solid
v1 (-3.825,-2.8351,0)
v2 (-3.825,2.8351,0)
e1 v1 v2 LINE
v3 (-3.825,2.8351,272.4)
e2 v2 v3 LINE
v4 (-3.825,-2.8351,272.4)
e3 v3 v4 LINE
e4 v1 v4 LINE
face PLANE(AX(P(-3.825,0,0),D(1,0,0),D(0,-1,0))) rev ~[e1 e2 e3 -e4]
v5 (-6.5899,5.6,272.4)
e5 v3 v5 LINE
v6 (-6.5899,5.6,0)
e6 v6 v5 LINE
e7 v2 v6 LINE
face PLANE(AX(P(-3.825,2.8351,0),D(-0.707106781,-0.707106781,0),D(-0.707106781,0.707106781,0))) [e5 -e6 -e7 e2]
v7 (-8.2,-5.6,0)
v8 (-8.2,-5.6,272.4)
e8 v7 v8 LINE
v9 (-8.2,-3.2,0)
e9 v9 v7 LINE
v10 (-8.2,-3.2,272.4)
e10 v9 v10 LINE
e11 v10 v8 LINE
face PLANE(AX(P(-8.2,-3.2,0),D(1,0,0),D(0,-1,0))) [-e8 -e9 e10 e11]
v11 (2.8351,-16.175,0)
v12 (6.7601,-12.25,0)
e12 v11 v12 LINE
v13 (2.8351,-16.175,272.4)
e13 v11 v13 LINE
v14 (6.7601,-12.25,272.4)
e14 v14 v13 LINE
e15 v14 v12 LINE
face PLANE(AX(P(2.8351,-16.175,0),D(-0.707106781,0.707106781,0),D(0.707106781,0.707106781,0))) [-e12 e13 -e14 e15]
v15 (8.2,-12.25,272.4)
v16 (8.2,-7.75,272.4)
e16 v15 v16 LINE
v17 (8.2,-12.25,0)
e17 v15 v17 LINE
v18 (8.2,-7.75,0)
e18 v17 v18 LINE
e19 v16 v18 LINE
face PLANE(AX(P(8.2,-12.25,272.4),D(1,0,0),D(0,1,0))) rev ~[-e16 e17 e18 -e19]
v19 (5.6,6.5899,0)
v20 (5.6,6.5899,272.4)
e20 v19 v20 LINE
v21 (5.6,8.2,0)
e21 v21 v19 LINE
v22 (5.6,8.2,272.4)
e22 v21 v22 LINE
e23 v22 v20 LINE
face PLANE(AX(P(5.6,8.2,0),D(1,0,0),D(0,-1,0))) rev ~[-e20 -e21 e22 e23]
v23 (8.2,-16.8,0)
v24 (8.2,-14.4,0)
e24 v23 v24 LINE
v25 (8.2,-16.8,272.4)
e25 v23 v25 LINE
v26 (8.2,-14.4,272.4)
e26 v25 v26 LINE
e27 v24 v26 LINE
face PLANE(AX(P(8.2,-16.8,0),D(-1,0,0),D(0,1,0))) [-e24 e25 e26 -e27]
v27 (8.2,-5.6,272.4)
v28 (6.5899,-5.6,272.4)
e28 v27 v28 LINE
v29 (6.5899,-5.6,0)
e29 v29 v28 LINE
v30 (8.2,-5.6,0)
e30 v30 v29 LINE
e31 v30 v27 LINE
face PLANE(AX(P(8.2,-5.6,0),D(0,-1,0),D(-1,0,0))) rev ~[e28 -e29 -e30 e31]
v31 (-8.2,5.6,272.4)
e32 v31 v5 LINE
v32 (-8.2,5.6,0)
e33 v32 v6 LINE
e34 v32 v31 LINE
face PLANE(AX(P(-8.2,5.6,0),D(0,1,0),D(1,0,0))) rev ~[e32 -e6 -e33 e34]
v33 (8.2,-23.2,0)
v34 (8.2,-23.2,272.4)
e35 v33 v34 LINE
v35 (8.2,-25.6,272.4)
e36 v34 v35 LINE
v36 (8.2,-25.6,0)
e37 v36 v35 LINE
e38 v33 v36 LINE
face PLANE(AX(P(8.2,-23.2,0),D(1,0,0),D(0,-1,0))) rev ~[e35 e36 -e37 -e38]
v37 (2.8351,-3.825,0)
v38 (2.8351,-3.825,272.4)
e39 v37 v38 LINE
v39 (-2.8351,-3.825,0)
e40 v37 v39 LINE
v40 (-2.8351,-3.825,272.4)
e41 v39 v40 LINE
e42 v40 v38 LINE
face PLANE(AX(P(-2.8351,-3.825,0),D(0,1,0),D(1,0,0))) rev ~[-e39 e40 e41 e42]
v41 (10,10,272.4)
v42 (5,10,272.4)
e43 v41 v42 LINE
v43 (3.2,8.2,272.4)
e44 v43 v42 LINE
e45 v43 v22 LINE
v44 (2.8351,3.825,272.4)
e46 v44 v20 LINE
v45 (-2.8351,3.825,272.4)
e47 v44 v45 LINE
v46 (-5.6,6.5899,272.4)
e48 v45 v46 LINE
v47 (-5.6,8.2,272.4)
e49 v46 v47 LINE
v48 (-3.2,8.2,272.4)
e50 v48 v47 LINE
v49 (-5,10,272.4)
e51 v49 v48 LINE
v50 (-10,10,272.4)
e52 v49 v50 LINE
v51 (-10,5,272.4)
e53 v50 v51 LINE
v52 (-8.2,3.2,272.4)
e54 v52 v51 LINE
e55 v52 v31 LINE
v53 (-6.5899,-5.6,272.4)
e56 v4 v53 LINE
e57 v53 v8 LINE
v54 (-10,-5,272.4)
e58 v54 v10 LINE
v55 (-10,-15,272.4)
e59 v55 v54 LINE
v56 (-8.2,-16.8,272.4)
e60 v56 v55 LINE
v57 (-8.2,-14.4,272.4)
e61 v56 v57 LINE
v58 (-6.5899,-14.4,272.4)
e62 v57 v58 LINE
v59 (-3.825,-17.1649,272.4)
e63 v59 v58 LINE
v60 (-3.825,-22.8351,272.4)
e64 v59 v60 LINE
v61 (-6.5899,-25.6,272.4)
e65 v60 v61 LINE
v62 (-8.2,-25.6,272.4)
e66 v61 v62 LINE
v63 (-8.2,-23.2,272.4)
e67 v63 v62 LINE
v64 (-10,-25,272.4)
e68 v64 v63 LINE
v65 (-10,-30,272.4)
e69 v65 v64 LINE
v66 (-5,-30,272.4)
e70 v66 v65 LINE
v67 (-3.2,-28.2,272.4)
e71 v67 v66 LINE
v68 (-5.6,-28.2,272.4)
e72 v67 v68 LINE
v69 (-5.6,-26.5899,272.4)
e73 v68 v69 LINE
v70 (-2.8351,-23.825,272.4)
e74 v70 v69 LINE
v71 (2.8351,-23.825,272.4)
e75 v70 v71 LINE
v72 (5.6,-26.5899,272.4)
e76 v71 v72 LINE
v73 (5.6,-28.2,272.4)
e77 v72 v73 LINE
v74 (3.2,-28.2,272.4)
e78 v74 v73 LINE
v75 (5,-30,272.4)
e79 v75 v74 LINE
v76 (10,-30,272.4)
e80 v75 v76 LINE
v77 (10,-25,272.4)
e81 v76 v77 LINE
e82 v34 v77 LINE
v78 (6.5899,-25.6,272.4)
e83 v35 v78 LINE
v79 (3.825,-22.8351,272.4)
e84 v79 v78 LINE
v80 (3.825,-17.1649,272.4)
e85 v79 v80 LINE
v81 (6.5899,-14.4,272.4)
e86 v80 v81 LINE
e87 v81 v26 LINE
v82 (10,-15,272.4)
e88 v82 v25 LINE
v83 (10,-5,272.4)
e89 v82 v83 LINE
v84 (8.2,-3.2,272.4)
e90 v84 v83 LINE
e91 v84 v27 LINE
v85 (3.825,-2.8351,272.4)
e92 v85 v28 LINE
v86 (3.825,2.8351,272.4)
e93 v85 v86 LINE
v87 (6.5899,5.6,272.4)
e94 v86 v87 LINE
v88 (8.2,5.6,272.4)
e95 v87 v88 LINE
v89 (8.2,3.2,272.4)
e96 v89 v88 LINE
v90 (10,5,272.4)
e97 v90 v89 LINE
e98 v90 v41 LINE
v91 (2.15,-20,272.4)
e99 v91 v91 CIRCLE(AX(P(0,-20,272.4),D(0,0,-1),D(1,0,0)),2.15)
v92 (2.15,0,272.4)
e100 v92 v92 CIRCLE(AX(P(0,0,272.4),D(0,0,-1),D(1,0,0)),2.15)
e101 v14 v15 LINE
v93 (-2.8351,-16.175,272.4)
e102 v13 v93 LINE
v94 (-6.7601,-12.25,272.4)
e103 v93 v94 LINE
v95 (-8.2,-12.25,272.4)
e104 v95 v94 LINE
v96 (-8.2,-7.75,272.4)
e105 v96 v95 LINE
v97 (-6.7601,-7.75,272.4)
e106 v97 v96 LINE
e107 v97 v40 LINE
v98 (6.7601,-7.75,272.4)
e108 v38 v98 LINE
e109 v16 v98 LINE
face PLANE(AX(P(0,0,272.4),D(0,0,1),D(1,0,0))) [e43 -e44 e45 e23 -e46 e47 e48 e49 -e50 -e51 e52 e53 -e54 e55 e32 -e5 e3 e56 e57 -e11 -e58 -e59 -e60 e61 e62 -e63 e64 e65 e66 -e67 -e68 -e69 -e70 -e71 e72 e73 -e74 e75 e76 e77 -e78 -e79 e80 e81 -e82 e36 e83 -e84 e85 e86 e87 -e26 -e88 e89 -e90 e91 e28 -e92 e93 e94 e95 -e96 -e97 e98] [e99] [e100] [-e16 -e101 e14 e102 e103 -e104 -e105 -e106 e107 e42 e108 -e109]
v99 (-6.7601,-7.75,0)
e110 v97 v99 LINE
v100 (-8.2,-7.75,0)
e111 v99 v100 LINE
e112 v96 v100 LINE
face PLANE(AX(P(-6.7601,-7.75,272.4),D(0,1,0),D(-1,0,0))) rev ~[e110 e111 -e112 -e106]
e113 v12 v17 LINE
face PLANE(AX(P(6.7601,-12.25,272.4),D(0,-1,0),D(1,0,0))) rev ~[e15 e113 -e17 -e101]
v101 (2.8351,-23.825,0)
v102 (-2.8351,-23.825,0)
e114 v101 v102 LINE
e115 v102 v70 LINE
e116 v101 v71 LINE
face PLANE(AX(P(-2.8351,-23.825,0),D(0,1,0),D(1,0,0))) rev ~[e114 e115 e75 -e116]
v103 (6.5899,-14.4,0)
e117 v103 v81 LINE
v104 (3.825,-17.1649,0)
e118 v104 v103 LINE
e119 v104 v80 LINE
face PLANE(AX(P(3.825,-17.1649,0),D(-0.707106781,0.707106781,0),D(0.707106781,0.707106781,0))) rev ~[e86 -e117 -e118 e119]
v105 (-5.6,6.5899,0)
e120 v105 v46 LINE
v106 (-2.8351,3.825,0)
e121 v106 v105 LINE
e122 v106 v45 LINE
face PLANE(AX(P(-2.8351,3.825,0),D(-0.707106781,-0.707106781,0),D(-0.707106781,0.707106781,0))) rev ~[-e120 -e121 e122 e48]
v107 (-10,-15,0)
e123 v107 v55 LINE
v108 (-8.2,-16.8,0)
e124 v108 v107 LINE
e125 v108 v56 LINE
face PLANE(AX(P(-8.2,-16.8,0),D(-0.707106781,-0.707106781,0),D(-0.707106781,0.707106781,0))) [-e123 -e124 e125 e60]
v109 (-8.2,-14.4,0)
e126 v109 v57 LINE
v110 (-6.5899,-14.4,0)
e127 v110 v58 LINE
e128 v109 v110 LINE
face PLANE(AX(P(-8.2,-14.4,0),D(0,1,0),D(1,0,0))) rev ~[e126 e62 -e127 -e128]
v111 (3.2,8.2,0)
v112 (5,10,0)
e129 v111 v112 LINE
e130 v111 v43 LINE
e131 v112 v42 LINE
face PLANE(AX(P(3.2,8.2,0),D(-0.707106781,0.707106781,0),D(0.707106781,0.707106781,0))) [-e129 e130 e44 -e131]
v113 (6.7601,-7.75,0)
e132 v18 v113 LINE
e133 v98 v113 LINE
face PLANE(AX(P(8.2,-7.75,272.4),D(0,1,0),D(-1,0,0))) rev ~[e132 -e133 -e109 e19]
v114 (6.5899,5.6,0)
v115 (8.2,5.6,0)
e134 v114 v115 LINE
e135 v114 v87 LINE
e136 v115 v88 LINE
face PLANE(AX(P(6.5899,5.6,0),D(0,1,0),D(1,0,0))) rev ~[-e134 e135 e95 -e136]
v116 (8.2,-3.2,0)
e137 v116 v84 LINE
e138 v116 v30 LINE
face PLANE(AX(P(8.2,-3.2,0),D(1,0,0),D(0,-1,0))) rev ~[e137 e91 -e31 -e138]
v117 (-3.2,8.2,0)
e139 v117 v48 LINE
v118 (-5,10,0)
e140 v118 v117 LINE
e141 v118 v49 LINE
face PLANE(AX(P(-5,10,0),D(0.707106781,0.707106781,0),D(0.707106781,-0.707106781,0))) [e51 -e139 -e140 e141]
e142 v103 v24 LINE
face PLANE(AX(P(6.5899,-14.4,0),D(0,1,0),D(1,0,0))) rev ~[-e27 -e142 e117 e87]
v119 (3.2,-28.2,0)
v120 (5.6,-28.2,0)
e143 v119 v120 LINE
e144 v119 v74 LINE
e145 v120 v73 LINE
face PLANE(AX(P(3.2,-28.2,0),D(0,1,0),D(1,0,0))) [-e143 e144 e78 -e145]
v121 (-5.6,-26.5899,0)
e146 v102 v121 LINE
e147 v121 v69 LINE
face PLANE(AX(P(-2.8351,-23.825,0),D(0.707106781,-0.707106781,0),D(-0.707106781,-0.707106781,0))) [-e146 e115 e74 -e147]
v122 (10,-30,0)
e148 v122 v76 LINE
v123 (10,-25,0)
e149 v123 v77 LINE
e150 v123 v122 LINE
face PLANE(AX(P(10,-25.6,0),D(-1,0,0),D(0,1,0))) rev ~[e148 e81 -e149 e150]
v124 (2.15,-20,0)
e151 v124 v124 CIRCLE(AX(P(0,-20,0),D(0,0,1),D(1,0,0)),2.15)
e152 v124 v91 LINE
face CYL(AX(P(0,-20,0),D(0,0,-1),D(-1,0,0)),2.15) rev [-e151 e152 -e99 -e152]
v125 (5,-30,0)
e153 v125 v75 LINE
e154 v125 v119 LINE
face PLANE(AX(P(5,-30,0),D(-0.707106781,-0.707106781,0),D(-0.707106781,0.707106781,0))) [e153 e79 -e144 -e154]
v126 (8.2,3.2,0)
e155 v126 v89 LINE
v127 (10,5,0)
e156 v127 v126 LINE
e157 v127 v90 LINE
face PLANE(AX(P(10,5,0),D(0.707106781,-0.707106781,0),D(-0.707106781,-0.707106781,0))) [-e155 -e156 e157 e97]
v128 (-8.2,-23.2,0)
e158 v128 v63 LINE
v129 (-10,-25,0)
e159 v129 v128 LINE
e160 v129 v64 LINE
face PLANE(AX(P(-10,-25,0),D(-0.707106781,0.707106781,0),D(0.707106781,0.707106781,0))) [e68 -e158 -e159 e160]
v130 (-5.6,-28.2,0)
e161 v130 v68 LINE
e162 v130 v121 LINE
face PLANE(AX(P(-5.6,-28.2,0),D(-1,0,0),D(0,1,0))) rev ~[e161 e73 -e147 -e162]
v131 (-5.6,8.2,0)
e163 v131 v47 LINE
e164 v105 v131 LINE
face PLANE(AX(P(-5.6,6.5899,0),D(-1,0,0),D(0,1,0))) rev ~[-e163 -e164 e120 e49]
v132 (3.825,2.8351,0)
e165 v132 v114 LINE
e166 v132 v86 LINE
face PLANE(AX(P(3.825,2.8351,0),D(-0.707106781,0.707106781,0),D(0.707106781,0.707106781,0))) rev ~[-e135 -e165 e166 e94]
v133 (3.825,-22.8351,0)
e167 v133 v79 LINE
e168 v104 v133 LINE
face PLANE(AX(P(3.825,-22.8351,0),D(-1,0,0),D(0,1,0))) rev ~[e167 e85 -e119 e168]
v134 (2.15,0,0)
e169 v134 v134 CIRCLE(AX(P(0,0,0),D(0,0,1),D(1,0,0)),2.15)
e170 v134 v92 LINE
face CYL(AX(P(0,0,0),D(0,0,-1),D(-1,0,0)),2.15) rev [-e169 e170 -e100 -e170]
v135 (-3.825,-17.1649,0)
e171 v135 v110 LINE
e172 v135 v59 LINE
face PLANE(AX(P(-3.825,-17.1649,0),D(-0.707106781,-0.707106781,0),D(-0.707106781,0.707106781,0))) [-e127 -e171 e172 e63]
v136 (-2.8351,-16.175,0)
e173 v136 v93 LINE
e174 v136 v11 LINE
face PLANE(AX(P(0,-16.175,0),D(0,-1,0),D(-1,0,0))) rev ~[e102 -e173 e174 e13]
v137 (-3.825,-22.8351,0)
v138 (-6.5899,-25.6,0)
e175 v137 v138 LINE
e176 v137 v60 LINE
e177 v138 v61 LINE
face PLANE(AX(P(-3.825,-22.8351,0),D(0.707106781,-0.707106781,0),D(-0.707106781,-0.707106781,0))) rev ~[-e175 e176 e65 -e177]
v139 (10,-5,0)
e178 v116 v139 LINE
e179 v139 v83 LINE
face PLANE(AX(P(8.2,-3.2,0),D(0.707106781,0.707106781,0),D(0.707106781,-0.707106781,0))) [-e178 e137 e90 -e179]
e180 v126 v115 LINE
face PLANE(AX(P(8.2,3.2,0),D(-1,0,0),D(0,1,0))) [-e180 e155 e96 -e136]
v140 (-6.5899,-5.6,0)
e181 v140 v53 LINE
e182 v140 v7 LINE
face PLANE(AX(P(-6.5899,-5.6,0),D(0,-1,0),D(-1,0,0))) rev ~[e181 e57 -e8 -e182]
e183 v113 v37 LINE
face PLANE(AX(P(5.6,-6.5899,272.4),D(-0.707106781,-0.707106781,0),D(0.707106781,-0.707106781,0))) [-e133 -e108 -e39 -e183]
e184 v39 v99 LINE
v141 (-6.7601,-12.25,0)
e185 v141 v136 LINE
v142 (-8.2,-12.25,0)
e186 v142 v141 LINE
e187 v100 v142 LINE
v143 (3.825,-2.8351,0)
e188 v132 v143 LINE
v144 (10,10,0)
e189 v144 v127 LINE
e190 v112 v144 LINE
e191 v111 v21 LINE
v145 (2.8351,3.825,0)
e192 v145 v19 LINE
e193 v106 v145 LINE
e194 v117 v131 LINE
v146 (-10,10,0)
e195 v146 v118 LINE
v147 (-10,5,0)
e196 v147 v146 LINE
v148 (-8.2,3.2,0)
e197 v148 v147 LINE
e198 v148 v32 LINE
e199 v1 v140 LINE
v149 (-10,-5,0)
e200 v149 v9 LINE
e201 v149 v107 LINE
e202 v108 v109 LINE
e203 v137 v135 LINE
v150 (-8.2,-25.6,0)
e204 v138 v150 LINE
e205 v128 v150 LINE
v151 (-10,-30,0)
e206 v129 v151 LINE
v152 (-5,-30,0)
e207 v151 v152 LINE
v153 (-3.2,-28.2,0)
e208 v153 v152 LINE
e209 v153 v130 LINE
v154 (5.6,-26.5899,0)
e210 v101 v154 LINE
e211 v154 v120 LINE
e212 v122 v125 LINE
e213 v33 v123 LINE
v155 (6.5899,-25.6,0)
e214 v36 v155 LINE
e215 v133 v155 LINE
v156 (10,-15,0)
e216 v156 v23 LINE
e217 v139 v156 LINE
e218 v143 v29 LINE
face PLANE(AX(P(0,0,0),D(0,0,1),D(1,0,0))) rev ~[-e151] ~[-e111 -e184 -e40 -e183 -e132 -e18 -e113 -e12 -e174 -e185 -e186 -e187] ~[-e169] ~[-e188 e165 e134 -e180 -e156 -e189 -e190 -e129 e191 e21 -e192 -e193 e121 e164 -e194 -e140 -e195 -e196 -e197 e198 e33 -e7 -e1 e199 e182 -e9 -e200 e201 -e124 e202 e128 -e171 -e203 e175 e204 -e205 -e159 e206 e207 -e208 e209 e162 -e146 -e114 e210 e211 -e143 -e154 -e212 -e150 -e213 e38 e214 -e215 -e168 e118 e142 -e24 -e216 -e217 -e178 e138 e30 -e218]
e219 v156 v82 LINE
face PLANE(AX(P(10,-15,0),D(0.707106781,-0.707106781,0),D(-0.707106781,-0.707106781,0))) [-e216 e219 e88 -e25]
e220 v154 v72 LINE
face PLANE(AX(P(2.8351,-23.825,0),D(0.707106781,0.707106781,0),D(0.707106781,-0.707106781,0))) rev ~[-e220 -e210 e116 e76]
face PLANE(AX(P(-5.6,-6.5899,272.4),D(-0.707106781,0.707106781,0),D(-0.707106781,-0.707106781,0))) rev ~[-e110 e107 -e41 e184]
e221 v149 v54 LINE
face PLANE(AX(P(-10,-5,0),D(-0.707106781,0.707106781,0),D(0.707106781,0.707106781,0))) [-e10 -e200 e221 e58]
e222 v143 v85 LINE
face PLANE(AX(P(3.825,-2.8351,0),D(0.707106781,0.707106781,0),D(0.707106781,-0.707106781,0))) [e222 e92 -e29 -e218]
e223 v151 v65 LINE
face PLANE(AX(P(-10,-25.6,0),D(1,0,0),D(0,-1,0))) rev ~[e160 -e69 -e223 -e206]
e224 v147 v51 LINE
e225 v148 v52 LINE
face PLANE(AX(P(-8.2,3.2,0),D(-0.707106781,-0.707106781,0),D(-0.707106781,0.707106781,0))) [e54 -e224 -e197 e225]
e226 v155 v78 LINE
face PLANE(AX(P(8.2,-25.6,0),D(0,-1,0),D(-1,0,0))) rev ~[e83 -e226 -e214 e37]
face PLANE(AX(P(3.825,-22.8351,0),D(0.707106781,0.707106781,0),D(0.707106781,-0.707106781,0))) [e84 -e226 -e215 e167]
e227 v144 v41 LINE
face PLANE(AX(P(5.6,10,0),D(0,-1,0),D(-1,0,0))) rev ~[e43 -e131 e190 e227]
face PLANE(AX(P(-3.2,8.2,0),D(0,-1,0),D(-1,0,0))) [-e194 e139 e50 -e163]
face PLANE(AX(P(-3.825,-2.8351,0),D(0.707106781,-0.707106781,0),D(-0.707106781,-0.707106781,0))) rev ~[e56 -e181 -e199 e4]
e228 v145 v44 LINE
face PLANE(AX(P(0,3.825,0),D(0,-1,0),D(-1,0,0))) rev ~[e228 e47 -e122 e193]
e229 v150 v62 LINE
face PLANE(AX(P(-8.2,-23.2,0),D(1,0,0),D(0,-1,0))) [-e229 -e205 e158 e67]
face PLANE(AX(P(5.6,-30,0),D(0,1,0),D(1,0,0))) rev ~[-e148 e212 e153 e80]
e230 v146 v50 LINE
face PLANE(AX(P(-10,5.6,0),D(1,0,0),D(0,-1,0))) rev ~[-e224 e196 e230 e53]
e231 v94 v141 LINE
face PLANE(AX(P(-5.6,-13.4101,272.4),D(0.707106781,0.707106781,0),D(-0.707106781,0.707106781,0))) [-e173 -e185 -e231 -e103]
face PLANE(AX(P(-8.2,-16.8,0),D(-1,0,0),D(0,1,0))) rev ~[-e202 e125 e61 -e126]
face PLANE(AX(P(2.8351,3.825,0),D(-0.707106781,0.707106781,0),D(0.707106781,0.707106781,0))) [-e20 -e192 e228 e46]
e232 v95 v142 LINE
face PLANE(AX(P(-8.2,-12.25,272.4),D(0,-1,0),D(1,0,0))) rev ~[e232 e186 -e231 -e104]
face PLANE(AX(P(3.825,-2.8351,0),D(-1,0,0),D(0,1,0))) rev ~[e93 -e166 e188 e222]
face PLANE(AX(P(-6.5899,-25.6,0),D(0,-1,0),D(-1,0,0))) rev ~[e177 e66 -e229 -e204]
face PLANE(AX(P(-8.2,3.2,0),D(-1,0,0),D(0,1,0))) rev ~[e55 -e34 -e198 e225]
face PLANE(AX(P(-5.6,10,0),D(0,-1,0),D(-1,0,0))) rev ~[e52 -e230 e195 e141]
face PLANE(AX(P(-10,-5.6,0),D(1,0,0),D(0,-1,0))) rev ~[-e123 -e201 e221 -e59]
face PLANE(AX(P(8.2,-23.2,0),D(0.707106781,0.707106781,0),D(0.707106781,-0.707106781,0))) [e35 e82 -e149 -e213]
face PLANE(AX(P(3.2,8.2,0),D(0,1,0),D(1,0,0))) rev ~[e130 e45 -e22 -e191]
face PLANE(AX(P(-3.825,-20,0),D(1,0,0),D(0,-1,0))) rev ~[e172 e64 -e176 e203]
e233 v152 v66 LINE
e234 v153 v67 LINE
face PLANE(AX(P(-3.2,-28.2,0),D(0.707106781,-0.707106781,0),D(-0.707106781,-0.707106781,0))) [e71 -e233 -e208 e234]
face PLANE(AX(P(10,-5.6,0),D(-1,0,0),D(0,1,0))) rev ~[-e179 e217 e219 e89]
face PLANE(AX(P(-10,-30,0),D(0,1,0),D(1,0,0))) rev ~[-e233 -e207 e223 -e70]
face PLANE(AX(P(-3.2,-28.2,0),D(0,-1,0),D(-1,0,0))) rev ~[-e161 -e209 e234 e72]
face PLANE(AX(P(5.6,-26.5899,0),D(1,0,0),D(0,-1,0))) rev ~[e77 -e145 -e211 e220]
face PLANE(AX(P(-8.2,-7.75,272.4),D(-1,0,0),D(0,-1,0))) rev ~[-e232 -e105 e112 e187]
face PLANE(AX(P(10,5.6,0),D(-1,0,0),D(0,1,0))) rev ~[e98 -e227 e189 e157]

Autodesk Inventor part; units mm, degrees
ref_plane "YZ Plane" through (0, 0, 0) normal (1, 0, 0) x (0, 1, 0)
ref_plane "XZ Plane" through (0, 0, 0) normal (0, 1, 0) x (-1, 0, 0)
ref_plane "XY Plane" through (0, 0, 0) normal (0, 0, 1) x (1, 0, 0)
sketch "Sketch1" plane through (0, 0, 0) normal (0, 0, 1) x (1, 0, 0)
  line L0 (-10, -10) -> (-5.6, -10)
  line L1 (-10, -5.6) -> (-10, -10)
  line L2 (-5.6, -10) -> (-5, -10)
  line L3 (-3.2, -8.2) -> (-5.6, -8.2)
  line L4 (-2.8351, -3.825) -> (-5.6, -6.5899)
  line L5 (-3.825, -2.8351) -> (-6.5899, -5.6)
  line L6 (0, 0) -> (0, -11) construction
  line L7 (0, 0) -> (-12, 0) construction
  line L8 (-3.2, -8.2) -> (-5, -10)
  line L9 (-6.5899, -5.6) -> (-8.2, -5.6)
  line L10 (-10, -5.6) -> (-10, -5)
  line L11 (-10, -5) -> (-8.2, -3.2)
  line L12 (-8.2, -3.2) -> (-8.2, -5.6)
  line L13 (-5.6, -8.2) -> (-5.6, -6.5899)
  arc A0 (-2.15, 0) -> (0, -2.15) centre (0, 0) ccw
  line L14 (0, 0) -> (-3.825, 0)
  line L15 (-3.825, 0) -> (-3.825, -2.8351)
  line L16 (-2.8351, -3.825) -> (0, -3.825)
  line L17 (0, -3.825) -> (0, 0)
  line L18 (-2.8351, -3.825) -> (-3.825, -3.825) construction
  line L19 (-3.825, -3.825) -> (-3.825, -2.8351) construction
  line L20 (3.825, -2.8351) -> (3.825, -3.825) construction
  line L21 (3.825, -2.8351) -> (3.825, 0)
  line L22 (3.825, -3.825) -> (2.8351, -3.825) construction
  line L23 (3.825, 0) -> (0, 0)
  line L24 (0, -3.825) -> (2.8351, -3.825)
  arc A1 (0, -2.15) -> (2.15, 0) centre (0, 0) ccw
  line L25 (0, 0) -> (0, -3.825)
  line L26 (2.8351, -3.825) -> (5.6, -6.5899)
  line L27 (0, 0) -> (0, -12) construction
  line L28 (0, 0) -> (11, 0) construction
  line L29 (3.825, -2.8351) -> (6.5899, -5.6)
  line L30 (8.2, -3.2) -> (8.2, -5.6)
  line L31 (10, -5.6) -> (10, -5)
  line L32 (8.2, -3.2) -> (10, -5)
  line L33 (8.2, -5.6) -> (6.5899, -5.6)
  line L34 (5.6, -6.5899) -> (5.6, -8.2)
  line L35 (10, -10) -> (10, -5.6)
  line L36 (5.6, -10) -> (10, -10)
  line L37 (3.2, -8.2) -> (5.6, -8.2)
  line L38 (5, -10) -> (3.2, -8.2)
  line L39 (5.6, -10) -> (5, -10)
  line L40 (2.8351, 3.825) -> (3.825, 3.825) construction
  line L41 (2.8351, 3.825) -> (0, 3.825)
  line L42 (3.825, 3.825) -> (3.825, 2.8351) construction
  line L43 (0, 3.825) -> (0, 0)
  line L44 (3.825, 0) -> (3.825, 2.8351)
  arc A2 (2.15, 0) -> (0, 2.15) centre (0, 0) ccw
  line L45 (0, 0) -> (3.825, 0)
  line L46 (3.825, 2.8351) -> (6.5899, 5.6)
  line L47 (0, 0) -> (12, 0) construction
  line L48 (0, 0) -> (0, 11) construction
  line L49 (2.8351, 3.825) -> (5.6, 6.5899)
  line L50 (3.2, 8.2) -> (5.6, 8.2)
  line L51 (5.6, 10) -> (5, 10)
  line L52 (3.2, 8.2) -> (5, 10)
  line L53 (5.6, 8.2) -> (5.6, 6.5899)
  line L54 (6.5899, 5.6) -> (8.2, 5.6)
  line L55 (10, 10) -> (5.6, 10)
  line L56 (10, 5.6) -> (10, 10)
  line L57 (8.2, 3.2) -> (8.2, 5.6)
  line L58 (10, 5) -> (8.2, 3.2)
  line L59 (10, 5.6) -> (10, 5)
  line L60 (-3.825, 2.8351) -> (-3.825, 3.825) construction
  line L61 (-3.825, 2.8351) -> (-3.825, 0)
  line L62 (-3.825, 3.825) -> (-2.8351, 3.825) construction
  line L63 (-3.825, 0) -> (0, 0)
  line L64 (0, 3.825) -> (-2.8351, 3.825)
  arc A3 (0, 2.15) -> (-2.15, 0) centre (0, 0) ccw
  line L65 (0, 0) -> (0, 3.825)
  line L66 (-2.8351, 3.825) -> (-5.6, 6.5899)
  line L67 (0, 0) -> (0, 12) construction
  line L68 (0, 0) -> (-11, 0) construction
  line L69 (-3.825, 2.8351) -> (-6.5899, 5.6)
  line L70 (-8.2, 3.2) -> (-8.2, 5.6)
  line L71 (-10, 5.6) -> (-10, 5)
  line L72 (-8.2, 3.2) -> (-10, 5)
  line L73 (-8.2, 5.6) -> (-6.5899, 5.6)
  line L74 (-5.6, 6.5899) -> (-5.6, 8.2)
  line L75 (-10, 10) -> (-10, 5.6)
  line L76 (-5.6, 10) -> (-10, 10)
  line L77 (-3.2, 8.2) -> (-5.6, 8.2)
  line L78 (-5, 10) -> (-3.2, 8.2)
  line L79 (-5.6, 10) -> (-5, 10)
  point P0 (0, 2.15)
  point P1 (2.15, 0)
  point P2 (0, -2.15)
  dimension "d16" = 10
  dimension "d19" = 3.2
  dimension "d21" = 4.4
  dimension "d22" = 4.4
  dimension "d24" = 45
  dimension "d25" = 1.8
  dimension "d27" = 1.8
  dimension "d28" = 45
  dimension "d29" = 3.2
  dimension "d31" = 1.4
  dimension "d33" = 2.15
  dimension "d34" = 3.825
  dimension "d35" = 3.825
  dimension "d36" = 135
  dimension "d39" = 360
extrude "ExtrusionModifier" add sketch "Sketch1" along normal blind 272.4 contours L1 L10 L11 L12 L9 L5 L15 L14 A0 L17 L16 L4 L13 L3 L8 L2 L0 | L17 A1 L23 L21 L29 L33 L30 L32 L31 L35 L36 L39 L38 L37 L34 L26 L24 | L61 L69 L73 L70 L72 L71 L75 L76 L79 L78 L77 L74 L66 L64 L43 A3 L14 | A2 L43 L41 L49 L53 L50 L52 L51 L55 L56 L59 L58 L57 L54 L46 L44 L23
pattern_linear "Rectangular Pattern1" count 2 spacing 20 along (0, -1, 0) of "ExtrusionModifier"
sketch "Sketch2" plane through (0, 0, 272.4) normal (0, 0, 1) x (1, 0, 0)
  line L0 (3.2, -8.2) -> (5, -10) projected
  line L1 (-3.2, -11.8) -> (-5, -10) projected
  line L2 (5, -10) -> (-5, -10) construction
  line L3 (-8.2, -12.25) -> (8.2, -12.25)
  line L4 (8.2, -12.25) -> (8.2, -7.75)
  line L5 (8.2, -7.75) -> (-8.2, -7.75)
  line L6 (-8.2, -7.75) -> (-8.2, -12.25)
  line L7 (-8.2, -12.25) -> (8.2, -7.75) construction
  line L8 (8.2, -12.25) -> (-8.2, -7.75) construction
  line L9 (10, -15) -> (10, -5) projected
  line L10 (5.6, -6.5899) -> (5.6, -8.2) projected
  line L11 (5.6, -6.5899) -> (6.7601, -7.75)
  line L12 (-5.6, -6.5899) -> (-2.8351, -3.825) projected
  line L13 (-5.6, -6.5899) -> (-6.7601, -7.75)
  line L14 (5.6, -13.4101) -> (6.7601, -12.25)
  line L15 (-5.6, -13.4101) -> (-6.7601, -12.25)
  line L16 (-5.6, -6.5899) -> (-5.6, -7.75)
  line L17 (-5.6, -8.2) -> (-5.6, -6.5899) projected
  line L18 (5.6, -6.5899) -> (5.6, -7.75)
  line L19 (-5.6, -11.8) -> (-5.6, -13.4101)
  line L20 (5.6, -13.4101) -> (5.6, -12.25)
  point P0 (0, 0)
  point P1 (0, -10)
  point P2 (-5.6, -12.25)
  dimension "d46" = 4.5
  dimension "d50" = 1.8
extrude "NoEdit" cut sketch "Sketch2" against normal through all
properties part number "AP20x20"
